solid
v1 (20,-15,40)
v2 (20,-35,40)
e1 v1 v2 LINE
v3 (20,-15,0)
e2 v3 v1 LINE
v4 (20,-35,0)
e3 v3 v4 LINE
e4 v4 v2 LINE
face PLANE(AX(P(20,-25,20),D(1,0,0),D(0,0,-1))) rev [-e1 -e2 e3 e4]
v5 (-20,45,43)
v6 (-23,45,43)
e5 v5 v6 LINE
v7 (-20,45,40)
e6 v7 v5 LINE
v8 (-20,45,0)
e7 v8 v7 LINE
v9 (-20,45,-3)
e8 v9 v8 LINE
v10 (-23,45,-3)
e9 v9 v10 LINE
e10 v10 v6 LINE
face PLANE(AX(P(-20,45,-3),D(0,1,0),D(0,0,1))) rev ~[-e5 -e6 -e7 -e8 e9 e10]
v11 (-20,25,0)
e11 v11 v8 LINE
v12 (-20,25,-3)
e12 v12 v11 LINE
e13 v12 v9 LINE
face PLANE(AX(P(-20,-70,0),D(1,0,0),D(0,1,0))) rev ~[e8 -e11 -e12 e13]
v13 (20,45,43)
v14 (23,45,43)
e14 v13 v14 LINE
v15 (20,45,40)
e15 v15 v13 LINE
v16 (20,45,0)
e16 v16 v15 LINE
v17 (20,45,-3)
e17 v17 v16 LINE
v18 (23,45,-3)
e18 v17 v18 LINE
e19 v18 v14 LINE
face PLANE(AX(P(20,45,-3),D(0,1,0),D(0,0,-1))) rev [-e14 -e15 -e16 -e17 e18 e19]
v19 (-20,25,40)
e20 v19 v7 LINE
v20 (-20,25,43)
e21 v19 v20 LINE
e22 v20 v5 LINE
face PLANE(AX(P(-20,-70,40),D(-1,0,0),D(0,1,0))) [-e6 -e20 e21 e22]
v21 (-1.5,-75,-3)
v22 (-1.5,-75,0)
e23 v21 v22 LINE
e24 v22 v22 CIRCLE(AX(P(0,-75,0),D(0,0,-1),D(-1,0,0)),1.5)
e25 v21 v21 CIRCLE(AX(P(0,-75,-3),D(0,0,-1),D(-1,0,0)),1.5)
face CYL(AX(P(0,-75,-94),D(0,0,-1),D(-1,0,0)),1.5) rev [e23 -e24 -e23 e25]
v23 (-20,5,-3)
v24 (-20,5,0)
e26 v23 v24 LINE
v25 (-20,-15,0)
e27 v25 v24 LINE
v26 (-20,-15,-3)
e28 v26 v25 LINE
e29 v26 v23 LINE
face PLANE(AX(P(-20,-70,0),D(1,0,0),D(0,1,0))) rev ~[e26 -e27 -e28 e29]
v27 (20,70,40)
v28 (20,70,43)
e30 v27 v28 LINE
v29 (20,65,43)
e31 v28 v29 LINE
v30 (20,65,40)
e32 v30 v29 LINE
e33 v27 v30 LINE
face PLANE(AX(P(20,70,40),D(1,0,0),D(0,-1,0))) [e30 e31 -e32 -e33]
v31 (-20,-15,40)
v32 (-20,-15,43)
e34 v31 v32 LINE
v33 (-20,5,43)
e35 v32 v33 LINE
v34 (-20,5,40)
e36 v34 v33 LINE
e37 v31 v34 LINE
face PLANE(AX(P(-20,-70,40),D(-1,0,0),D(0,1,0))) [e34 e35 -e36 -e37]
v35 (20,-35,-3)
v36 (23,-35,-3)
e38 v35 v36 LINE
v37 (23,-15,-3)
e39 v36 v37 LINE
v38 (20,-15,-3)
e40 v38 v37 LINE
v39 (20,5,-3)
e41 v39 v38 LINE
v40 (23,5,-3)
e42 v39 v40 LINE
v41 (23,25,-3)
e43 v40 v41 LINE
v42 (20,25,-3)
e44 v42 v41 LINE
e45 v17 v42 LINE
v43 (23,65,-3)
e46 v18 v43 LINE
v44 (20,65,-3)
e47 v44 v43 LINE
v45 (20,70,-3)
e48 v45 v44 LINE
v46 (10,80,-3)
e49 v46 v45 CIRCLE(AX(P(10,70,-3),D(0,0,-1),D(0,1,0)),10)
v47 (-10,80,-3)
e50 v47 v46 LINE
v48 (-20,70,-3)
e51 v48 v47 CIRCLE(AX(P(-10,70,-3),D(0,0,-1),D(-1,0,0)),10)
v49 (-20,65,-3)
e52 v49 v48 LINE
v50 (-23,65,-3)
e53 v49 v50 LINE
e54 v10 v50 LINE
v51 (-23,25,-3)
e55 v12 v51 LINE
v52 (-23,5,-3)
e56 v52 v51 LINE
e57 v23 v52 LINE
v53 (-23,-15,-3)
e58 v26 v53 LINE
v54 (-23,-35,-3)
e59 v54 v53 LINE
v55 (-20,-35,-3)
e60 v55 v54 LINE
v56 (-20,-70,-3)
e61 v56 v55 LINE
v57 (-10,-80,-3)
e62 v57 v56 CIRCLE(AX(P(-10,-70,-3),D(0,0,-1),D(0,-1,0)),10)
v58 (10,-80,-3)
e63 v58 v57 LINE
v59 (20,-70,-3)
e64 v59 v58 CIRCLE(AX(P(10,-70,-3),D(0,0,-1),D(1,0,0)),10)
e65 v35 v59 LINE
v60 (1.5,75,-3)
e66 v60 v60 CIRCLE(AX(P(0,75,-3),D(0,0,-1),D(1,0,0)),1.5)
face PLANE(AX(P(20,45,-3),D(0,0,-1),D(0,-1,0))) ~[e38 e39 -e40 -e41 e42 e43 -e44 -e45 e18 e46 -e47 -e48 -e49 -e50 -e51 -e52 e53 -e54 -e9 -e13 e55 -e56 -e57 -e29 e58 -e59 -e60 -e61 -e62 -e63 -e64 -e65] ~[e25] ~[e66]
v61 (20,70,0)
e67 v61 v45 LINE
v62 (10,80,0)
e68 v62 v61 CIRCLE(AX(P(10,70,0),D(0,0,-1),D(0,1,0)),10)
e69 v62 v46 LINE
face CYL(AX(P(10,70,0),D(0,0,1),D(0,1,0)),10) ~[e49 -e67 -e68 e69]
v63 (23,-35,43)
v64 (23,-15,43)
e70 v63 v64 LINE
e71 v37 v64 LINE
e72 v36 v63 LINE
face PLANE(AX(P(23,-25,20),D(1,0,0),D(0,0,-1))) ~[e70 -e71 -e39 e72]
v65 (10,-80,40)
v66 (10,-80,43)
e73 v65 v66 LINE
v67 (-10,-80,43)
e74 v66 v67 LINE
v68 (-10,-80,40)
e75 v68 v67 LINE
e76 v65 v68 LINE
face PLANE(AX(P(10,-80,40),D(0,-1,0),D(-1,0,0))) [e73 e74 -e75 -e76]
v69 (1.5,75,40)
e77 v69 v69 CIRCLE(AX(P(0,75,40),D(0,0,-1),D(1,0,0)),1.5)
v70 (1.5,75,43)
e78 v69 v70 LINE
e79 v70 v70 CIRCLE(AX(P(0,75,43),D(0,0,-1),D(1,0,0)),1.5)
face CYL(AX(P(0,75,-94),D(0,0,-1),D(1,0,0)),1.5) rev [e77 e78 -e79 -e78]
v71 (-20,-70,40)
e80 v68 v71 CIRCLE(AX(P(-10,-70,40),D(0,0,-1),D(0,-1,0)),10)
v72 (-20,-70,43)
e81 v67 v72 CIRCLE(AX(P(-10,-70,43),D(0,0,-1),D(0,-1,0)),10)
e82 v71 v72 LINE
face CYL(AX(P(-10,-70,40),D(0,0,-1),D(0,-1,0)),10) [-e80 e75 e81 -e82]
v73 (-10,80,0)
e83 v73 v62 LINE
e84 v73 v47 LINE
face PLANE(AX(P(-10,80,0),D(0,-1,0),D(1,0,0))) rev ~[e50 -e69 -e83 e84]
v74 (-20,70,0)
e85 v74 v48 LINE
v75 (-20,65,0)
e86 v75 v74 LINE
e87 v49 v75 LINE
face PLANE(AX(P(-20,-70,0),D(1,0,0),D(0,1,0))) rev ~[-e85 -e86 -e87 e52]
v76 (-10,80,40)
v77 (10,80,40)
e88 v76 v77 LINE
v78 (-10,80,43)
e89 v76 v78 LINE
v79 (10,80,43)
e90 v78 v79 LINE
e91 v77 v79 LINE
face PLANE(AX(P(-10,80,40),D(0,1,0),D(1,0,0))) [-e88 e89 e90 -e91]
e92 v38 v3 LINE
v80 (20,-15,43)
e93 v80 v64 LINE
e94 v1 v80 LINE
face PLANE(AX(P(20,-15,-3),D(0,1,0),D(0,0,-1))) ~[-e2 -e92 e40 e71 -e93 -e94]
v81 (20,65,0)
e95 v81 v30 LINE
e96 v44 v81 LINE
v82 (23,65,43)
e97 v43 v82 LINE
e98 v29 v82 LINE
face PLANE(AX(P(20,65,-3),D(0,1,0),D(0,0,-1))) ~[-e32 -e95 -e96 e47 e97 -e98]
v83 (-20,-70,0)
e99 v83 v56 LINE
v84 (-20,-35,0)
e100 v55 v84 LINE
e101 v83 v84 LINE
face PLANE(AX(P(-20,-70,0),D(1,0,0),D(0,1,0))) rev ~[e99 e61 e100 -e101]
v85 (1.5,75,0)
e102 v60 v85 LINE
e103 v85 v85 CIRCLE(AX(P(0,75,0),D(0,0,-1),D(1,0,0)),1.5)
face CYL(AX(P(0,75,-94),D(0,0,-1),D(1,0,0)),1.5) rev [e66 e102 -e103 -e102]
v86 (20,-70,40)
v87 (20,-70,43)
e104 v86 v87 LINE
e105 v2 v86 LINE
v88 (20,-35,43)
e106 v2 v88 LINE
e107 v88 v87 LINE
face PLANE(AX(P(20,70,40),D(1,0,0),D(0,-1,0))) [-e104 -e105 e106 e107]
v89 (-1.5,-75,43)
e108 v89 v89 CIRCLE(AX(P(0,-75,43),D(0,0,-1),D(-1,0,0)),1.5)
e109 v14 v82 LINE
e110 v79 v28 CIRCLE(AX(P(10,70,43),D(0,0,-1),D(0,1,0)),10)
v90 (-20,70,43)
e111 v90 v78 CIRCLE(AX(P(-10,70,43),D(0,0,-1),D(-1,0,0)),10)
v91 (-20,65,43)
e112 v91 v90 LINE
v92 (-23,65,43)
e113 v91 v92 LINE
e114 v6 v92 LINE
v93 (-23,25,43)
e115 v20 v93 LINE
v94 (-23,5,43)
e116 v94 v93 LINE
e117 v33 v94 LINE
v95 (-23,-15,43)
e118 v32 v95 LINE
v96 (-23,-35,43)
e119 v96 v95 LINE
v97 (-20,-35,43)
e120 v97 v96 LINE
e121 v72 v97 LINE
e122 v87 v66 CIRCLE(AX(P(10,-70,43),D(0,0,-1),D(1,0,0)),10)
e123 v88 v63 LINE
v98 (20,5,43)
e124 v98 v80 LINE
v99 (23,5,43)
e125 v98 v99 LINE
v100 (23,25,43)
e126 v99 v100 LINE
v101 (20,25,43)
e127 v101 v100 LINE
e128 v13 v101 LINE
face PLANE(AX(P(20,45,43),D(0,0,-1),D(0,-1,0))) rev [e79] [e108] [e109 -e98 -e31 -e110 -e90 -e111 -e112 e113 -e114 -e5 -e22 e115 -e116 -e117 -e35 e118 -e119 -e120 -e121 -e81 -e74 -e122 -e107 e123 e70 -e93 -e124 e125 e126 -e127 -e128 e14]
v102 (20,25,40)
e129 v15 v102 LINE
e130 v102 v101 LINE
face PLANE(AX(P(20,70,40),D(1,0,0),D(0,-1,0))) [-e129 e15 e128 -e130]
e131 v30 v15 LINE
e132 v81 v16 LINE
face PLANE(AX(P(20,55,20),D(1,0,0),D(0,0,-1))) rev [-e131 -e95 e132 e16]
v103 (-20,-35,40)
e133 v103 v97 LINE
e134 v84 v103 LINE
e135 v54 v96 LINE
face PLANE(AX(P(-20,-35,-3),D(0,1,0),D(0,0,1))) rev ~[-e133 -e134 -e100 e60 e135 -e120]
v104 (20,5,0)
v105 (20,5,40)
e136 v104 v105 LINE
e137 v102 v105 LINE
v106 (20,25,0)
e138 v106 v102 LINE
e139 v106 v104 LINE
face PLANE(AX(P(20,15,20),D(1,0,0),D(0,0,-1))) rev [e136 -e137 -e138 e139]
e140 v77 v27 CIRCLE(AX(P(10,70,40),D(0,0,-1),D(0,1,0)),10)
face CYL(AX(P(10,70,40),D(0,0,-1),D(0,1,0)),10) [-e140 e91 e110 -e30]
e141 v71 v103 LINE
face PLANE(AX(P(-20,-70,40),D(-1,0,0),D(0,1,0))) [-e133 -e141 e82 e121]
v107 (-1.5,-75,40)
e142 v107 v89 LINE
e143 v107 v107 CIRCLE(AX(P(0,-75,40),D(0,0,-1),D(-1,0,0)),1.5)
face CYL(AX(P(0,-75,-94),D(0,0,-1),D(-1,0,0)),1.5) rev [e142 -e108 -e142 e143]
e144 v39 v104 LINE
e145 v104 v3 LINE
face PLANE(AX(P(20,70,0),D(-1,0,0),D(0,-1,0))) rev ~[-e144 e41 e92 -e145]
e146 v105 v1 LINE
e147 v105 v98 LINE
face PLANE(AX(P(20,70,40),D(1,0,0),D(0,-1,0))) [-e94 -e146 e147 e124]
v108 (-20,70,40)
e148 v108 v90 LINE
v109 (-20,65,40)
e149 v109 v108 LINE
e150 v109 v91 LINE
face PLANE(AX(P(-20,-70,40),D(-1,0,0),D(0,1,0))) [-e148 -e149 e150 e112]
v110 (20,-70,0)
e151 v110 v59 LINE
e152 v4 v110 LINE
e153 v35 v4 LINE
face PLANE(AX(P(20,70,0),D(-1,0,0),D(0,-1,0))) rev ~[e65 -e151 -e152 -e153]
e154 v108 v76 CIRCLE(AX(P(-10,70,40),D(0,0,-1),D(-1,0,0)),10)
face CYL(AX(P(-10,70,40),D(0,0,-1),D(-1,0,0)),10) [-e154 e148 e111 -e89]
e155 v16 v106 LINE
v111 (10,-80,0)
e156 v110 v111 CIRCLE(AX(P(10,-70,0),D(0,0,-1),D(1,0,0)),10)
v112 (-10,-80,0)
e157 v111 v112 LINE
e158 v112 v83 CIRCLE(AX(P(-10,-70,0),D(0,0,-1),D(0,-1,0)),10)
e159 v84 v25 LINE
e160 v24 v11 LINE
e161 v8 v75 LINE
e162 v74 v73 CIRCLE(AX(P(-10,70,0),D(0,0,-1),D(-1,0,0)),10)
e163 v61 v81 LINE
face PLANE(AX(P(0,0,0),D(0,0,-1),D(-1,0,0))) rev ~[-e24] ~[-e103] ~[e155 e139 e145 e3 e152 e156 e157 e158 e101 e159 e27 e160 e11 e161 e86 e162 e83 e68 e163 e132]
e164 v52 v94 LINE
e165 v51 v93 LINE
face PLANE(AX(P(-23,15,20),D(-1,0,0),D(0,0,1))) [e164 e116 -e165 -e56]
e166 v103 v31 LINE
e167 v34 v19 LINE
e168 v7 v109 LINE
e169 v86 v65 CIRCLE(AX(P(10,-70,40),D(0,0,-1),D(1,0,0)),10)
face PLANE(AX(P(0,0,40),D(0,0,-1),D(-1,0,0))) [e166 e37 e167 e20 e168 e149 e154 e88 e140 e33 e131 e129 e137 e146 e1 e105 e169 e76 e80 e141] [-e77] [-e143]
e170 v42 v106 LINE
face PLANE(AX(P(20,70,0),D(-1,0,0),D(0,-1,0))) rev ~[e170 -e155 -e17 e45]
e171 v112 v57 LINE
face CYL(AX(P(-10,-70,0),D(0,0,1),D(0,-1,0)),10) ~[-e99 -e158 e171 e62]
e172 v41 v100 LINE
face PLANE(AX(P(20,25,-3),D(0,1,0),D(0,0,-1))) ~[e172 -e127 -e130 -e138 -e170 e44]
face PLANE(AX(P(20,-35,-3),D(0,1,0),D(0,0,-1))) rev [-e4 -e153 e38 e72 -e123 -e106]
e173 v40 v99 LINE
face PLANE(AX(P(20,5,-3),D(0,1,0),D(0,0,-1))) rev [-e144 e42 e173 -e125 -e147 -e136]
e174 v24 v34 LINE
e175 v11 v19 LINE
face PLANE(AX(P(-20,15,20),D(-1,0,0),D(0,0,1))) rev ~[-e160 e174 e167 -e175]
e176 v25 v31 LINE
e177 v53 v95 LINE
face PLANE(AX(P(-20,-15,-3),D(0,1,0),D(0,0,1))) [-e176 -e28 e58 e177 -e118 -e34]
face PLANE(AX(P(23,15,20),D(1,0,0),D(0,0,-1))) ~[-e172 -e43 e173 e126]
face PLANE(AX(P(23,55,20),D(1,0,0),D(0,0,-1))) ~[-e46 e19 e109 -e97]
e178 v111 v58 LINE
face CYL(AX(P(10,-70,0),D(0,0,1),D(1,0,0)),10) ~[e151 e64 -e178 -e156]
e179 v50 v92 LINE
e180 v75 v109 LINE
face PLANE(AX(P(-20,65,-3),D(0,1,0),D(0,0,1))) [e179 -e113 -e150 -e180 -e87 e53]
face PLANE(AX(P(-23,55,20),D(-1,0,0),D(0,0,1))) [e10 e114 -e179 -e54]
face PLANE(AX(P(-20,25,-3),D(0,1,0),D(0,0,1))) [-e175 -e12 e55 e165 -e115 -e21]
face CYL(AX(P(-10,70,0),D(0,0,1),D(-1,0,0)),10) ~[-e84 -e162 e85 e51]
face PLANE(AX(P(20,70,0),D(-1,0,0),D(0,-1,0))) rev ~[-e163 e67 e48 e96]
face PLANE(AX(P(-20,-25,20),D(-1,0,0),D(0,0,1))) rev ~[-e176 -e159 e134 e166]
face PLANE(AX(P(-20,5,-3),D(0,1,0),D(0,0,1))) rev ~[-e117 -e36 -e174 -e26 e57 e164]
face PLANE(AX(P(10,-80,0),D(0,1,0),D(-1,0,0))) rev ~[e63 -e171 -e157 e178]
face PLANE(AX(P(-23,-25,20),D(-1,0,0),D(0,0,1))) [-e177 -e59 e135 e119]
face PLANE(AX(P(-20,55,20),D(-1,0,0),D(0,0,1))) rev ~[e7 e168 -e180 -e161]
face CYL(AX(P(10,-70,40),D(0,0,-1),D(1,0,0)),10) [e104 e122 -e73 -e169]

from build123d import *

# Parameters (mm, degrees)
BOSS_EXTRUDE1_START     = 40
BOSS_EXTRUDE1_DEPTH     = 3
BOSS_EXTRUDE2_DEPTH     = 3
CUT_EXTRUDE1_DEPTH      = 94
CUT_EXTRUDE1_DEPTH_BACK = 94
SKETCH2_R               = 1.5
SKETCH3_W               = 46
SKETCH3_H               = 20
BOSS_EXTRUDE4_DEPTH     = 3


with BuildPart() as part:
    # Sketch1 → Boss-Extrude1 (new body)
    with BuildSketch(Plane.XY.offset(BOSS_EXTRUDE1_START)):
        with BuildLine():
            Line((-10, 80), (10, 80))
            ThreePointArc((10, 80), (17.071067812, 77.071067812), (20, 70))
            Line((20, 70), (20, -70))
            ThreePointArc((20, -70), (17.071067812, -77.071067812), (10, -80))
            Line((10, -80), (-10, -80))
            ThreePointArc((-10, -80), (-17.071067812, -77.071067812), (-20, -70))
            Line((-20, -70), (-20, 70))
            ThreePointArc((-20, 70), (-17.071067812, 77.071067812), (-10, 80))
        make_face()
    extrude(amount=BOSS_EXTRUDE1_DEPTH)


with BuildPart() as body_2:
    # Sketch1<3> → Boss-Extrude2 (new body)
    with BuildSketch(Plane.XY):
        with BuildLine():
            Line((-10, 80), (10, 80))
            ThreePointArc((10, 80), (17.071067812, 77.071067812), (20, 70))
            Line((20, 70), (20, -70))
            ThreePointArc((20, -70), (17.071067812, -77.071067812), (10, -80))
            Line((10, -80), (-10, -80))
            ThreePointArc((-10, -80), (-17.071067812, -77.071067812), (-20, -70))
            Line((-20, -70), (-20, 70))
            ThreePointArc((-20, 70), (-17.071067812, 77.071067812), (-10, 80))
        make_face()
    extrude(amount=-BOSS_EXTRUDE2_DEPTH)


with BuildPart() as cut_extrude1_tool:
    # Sketch2 → Cut-Extrude1 (new, two sides: drawn at the far end of the back side and taken through both)
    with BuildSketch(Plane.XY.offset(-CUT_EXTRUDE1_DEPTH_BACK)):
        with Locations((0, 75)):
            Circle(SKETCH2_R)
        with Locations((0, -75)):
            Circle(SKETCH2_R)
    extrude(amount=CUT_EXTRUDE1_DEPTH + CUT_EXTRUDE1_DEPTH_BACK)


with BuildPart() as part_1:
    add(part.part)

    # Cut-Extrude1: cut by cut_extrude1_tool
    add(cut_extrude1_tool.part, mode=Mode.SUBTRACT)



with BuildPart() as body_2_1:
    add(body_2.part)

    # Cut-Extrude1: cut by cut_extrude1_tool
    add(cut_extrude1_tool.part, mode=Mode.SUBTRACT)


with BuildPart() as part_2:
    add(part_1.part)

    add(body_2_1.part)  # Boss-Extrude4 merges body 2
    # Sketch3 → Boss-Extrude4 (add)
    with BuildSketch(Plane.ZY.offset(20)):
        with Locations((20, 55)):
            Rectangle(SKETCH3_W, SKETCH3_H)
        with Locations((20, 15)):
            Rectangle(SKETCH3_W, SKETCH3_H)
        with Locations((20, -25)):
            Rectangle(SKETCH3_W, SKETCH3_H)
    boss_extrude4 = extrude(amount=BOSS_EXTRUDE4_DEPTH)

    # Mirror1: Boss-Extrude4 across plane
    add(boss_extrude4.mirror(Plane(origin=(0, 0, 0), x_dir=(0, 0, 1), z_dir=(1, 0, 0))))


solid = part_2.part
